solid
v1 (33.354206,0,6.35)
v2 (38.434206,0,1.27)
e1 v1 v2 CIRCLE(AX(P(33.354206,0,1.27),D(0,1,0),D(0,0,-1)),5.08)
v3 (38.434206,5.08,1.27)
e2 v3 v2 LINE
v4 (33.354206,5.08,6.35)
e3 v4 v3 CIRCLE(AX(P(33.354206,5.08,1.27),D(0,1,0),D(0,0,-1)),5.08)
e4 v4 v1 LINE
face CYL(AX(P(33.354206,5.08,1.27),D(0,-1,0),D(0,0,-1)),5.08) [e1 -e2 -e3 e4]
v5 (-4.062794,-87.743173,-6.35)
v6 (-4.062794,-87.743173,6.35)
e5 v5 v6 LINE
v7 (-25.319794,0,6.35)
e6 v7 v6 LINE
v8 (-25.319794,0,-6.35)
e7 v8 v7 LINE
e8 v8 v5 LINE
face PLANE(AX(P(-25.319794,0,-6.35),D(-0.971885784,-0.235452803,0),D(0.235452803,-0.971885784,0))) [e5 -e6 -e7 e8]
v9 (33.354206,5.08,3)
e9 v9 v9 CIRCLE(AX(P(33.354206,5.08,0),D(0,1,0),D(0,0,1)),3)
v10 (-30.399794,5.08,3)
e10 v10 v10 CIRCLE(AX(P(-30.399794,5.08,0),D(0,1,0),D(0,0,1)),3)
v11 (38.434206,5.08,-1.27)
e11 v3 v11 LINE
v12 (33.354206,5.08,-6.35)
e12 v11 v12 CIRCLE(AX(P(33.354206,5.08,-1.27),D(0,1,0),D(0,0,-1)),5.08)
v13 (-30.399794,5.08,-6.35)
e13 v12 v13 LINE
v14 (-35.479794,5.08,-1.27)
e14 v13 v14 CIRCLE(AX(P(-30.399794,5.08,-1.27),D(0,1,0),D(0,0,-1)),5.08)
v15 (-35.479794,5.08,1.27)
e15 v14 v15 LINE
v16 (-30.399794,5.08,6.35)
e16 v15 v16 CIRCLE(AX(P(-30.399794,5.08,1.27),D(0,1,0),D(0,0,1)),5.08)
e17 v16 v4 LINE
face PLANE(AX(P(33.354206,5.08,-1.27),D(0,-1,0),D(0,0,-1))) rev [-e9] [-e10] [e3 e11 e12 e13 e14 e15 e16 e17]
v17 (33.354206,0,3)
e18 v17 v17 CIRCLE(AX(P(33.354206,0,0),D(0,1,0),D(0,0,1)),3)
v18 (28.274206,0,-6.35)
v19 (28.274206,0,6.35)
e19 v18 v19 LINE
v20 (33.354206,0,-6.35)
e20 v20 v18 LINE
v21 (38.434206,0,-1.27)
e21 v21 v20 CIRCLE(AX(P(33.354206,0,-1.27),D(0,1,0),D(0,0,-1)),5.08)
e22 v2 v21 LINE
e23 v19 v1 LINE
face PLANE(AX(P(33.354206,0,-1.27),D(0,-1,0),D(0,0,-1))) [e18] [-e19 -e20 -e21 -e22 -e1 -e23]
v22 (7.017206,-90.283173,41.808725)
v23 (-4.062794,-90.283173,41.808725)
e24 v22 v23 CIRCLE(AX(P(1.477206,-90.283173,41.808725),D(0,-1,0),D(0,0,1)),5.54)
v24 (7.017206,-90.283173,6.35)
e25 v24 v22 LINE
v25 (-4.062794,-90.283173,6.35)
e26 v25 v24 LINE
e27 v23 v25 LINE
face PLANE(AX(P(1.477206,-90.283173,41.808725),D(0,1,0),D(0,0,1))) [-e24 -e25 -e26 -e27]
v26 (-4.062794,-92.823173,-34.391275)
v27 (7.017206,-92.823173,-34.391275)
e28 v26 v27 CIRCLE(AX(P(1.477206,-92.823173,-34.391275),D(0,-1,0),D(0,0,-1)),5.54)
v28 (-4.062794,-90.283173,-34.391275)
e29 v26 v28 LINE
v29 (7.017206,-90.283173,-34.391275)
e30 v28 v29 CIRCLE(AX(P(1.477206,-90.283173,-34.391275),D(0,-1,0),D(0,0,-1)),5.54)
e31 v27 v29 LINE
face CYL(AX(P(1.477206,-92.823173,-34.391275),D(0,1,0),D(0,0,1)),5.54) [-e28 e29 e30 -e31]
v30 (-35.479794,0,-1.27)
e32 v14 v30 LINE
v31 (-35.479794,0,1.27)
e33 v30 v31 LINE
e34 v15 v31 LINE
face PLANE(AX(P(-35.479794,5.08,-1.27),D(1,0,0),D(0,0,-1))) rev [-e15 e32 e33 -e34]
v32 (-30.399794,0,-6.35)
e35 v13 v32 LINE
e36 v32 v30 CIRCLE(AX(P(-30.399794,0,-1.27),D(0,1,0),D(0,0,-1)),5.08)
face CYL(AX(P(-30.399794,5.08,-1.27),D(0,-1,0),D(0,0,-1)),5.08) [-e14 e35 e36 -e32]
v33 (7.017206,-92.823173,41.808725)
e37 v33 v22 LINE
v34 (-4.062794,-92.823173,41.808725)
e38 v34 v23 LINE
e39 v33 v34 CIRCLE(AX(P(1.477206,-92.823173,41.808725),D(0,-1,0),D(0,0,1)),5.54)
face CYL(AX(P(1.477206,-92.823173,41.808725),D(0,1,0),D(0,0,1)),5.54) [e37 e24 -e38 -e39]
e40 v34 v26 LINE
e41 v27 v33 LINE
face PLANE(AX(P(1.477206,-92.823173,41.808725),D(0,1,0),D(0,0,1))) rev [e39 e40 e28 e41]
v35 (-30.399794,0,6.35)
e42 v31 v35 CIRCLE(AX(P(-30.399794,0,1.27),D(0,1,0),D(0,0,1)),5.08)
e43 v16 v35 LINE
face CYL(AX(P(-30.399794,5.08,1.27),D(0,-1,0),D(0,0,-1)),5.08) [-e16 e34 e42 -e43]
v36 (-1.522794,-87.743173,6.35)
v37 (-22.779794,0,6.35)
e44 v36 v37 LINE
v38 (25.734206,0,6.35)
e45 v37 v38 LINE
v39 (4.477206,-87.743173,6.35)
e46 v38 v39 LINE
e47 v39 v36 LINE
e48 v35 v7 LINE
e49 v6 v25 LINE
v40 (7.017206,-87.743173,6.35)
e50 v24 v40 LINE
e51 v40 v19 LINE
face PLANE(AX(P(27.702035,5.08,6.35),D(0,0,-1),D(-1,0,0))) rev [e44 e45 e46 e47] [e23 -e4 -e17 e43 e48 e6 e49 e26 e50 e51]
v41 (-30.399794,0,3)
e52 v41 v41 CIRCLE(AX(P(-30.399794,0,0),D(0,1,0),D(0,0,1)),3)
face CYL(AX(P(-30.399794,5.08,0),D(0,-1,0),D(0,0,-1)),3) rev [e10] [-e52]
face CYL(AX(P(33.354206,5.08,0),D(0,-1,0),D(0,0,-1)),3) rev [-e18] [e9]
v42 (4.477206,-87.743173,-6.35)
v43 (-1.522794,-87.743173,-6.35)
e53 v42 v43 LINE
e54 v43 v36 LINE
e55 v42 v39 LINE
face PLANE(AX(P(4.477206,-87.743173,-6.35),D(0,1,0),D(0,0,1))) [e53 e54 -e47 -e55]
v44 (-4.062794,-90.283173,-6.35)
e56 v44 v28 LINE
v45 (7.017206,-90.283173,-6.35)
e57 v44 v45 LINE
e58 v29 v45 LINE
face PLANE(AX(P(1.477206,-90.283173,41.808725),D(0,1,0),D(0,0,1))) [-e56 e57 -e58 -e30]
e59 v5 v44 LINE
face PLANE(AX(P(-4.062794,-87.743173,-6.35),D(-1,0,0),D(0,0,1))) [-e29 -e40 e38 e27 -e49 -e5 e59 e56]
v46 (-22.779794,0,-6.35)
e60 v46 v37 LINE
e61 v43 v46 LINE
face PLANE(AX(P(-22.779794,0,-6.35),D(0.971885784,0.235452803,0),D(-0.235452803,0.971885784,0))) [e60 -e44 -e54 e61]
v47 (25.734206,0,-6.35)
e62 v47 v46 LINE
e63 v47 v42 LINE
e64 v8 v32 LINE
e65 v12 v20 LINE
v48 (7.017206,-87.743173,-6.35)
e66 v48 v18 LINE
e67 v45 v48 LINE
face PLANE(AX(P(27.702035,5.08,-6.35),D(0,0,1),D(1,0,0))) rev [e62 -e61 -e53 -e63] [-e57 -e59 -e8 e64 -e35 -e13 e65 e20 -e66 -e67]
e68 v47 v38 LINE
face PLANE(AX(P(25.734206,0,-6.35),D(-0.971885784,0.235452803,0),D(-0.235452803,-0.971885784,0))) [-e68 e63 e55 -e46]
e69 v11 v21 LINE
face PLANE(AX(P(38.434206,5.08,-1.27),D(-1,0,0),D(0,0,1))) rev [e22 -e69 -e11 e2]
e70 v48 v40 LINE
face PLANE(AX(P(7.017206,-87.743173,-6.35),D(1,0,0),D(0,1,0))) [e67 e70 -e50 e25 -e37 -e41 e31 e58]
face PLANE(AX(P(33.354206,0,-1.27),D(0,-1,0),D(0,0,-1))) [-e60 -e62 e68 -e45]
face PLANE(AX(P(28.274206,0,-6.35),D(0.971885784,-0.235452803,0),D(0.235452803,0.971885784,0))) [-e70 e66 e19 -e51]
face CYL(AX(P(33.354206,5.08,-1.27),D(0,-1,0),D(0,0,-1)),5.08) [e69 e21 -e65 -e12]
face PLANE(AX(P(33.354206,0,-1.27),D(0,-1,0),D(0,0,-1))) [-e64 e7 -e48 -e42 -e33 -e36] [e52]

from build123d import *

# Parameters (mm, degrees)
SKETCH1_R           = 3
BOSS_EXTRUDE1_DEPTH = 5.08
BOSS_EXTRUDE2_DEPTH = 12.7
BOSS_EXTRUDE3_DEPTH = 2.54


with BuildPart() as part:
    # Sketch1 → Boss-Extrude1 (new body)
    with BuildSketch(Plane(origin=(0, 0, 0), x_dir=(1, 0, 0), z_dir=(0, 1, 0))):
        with BuildLine():
            Line((-24.747623202, 6.35), (-30.399794039, 6.35))
            ThreePointArc((-30.399794039, 6.35), (-33.991896487, 4.862102448), (-35.479794039, 1.27))
            Line((-35.479794039, 1.27), (-35.479794039, -1.27))
            ThreePointArc((-35.479794039, -1.27), (-33.991896487, -4.862102448), (-30.399794039, -6.35))
            Line((-30.399794039, -6.35), (-24.747623202, -6.35))
            Line((-24.747623202, -6.35), (27.702035125, -6.35))
            Line((27.702035125, -6.35), (33.354205961, -6.35))
            ThreePointArc((33.354205961, -6.35), (36.94630841, -4.862102448), (38.434205961, -1.27))
            Line((38.434205961, -1.27), (38.434205961, 1.27))
            ThreePointArc((38.434205961, 1.27), (36.94630841, 4.862102448), (33.354205961, 6.35))
            Line((33.354205961, 6.35), (27.702035125, 6.35))
            Line((27.702035125, 6.35), (-24.747623202, 6.35))
        make_face()
        with Locations(Location((-30.399794039, 0, 0), (0, 0, 270))):
            Circle(SKETCH1_R, mode=Mode.SUBTRACT)
        with Locations(Location((33.354205961, 0, 0), (0, 0, 270))):
            Circle(SKETCH1_R, mode=Mode.SUBTRACT)
    extrude(amount=BOSS_EXTRUDE1_DEPTH)

    # Sketch3 → Boss-Extrude2 (add)
    with BuildSketch(Plane.XY.offset(6.35)):
        Polygon((-25.319794039, 0), (-4.062794039, -87.74317324), (-4.062794039, -90.28317324), (7.017205961, -90.28317324), (7.017205961, -87.74317324), (28.274205961, 0), (25.734205961, 0), (4.477205961, -87.74317324), (-1.522794039, -87.74317324), (-22.779794039, 0), align=None)
    extrude(amount=-BOSS_EXTRUDE2_DEPTH)

    # Sketch4 → Boss-Extrude3 (add)
    with BuildSketch(Plane.XZ.offset(90.28317324)):
        with BuildLine():
            Line((-4.062794039, 41.80872522), (-4.062794039, -34.39127478))
            ThreePointArc((-4.062794039, -34.39127478), (1.477205961, -39.93127478), (7.017205961, -34.39127478))
            Line((7.017205961, -34.39127478), (7.017205961, 41.80872522))
            ThreePointArc((7.017205961, 41.80872522), (1.477205961, 47.34872522), (-4.062794039, 41.80872522))
        make_face()
    extrude(amount=BOSS_EXTRUDE3_DEPTH)


solid = part.part
